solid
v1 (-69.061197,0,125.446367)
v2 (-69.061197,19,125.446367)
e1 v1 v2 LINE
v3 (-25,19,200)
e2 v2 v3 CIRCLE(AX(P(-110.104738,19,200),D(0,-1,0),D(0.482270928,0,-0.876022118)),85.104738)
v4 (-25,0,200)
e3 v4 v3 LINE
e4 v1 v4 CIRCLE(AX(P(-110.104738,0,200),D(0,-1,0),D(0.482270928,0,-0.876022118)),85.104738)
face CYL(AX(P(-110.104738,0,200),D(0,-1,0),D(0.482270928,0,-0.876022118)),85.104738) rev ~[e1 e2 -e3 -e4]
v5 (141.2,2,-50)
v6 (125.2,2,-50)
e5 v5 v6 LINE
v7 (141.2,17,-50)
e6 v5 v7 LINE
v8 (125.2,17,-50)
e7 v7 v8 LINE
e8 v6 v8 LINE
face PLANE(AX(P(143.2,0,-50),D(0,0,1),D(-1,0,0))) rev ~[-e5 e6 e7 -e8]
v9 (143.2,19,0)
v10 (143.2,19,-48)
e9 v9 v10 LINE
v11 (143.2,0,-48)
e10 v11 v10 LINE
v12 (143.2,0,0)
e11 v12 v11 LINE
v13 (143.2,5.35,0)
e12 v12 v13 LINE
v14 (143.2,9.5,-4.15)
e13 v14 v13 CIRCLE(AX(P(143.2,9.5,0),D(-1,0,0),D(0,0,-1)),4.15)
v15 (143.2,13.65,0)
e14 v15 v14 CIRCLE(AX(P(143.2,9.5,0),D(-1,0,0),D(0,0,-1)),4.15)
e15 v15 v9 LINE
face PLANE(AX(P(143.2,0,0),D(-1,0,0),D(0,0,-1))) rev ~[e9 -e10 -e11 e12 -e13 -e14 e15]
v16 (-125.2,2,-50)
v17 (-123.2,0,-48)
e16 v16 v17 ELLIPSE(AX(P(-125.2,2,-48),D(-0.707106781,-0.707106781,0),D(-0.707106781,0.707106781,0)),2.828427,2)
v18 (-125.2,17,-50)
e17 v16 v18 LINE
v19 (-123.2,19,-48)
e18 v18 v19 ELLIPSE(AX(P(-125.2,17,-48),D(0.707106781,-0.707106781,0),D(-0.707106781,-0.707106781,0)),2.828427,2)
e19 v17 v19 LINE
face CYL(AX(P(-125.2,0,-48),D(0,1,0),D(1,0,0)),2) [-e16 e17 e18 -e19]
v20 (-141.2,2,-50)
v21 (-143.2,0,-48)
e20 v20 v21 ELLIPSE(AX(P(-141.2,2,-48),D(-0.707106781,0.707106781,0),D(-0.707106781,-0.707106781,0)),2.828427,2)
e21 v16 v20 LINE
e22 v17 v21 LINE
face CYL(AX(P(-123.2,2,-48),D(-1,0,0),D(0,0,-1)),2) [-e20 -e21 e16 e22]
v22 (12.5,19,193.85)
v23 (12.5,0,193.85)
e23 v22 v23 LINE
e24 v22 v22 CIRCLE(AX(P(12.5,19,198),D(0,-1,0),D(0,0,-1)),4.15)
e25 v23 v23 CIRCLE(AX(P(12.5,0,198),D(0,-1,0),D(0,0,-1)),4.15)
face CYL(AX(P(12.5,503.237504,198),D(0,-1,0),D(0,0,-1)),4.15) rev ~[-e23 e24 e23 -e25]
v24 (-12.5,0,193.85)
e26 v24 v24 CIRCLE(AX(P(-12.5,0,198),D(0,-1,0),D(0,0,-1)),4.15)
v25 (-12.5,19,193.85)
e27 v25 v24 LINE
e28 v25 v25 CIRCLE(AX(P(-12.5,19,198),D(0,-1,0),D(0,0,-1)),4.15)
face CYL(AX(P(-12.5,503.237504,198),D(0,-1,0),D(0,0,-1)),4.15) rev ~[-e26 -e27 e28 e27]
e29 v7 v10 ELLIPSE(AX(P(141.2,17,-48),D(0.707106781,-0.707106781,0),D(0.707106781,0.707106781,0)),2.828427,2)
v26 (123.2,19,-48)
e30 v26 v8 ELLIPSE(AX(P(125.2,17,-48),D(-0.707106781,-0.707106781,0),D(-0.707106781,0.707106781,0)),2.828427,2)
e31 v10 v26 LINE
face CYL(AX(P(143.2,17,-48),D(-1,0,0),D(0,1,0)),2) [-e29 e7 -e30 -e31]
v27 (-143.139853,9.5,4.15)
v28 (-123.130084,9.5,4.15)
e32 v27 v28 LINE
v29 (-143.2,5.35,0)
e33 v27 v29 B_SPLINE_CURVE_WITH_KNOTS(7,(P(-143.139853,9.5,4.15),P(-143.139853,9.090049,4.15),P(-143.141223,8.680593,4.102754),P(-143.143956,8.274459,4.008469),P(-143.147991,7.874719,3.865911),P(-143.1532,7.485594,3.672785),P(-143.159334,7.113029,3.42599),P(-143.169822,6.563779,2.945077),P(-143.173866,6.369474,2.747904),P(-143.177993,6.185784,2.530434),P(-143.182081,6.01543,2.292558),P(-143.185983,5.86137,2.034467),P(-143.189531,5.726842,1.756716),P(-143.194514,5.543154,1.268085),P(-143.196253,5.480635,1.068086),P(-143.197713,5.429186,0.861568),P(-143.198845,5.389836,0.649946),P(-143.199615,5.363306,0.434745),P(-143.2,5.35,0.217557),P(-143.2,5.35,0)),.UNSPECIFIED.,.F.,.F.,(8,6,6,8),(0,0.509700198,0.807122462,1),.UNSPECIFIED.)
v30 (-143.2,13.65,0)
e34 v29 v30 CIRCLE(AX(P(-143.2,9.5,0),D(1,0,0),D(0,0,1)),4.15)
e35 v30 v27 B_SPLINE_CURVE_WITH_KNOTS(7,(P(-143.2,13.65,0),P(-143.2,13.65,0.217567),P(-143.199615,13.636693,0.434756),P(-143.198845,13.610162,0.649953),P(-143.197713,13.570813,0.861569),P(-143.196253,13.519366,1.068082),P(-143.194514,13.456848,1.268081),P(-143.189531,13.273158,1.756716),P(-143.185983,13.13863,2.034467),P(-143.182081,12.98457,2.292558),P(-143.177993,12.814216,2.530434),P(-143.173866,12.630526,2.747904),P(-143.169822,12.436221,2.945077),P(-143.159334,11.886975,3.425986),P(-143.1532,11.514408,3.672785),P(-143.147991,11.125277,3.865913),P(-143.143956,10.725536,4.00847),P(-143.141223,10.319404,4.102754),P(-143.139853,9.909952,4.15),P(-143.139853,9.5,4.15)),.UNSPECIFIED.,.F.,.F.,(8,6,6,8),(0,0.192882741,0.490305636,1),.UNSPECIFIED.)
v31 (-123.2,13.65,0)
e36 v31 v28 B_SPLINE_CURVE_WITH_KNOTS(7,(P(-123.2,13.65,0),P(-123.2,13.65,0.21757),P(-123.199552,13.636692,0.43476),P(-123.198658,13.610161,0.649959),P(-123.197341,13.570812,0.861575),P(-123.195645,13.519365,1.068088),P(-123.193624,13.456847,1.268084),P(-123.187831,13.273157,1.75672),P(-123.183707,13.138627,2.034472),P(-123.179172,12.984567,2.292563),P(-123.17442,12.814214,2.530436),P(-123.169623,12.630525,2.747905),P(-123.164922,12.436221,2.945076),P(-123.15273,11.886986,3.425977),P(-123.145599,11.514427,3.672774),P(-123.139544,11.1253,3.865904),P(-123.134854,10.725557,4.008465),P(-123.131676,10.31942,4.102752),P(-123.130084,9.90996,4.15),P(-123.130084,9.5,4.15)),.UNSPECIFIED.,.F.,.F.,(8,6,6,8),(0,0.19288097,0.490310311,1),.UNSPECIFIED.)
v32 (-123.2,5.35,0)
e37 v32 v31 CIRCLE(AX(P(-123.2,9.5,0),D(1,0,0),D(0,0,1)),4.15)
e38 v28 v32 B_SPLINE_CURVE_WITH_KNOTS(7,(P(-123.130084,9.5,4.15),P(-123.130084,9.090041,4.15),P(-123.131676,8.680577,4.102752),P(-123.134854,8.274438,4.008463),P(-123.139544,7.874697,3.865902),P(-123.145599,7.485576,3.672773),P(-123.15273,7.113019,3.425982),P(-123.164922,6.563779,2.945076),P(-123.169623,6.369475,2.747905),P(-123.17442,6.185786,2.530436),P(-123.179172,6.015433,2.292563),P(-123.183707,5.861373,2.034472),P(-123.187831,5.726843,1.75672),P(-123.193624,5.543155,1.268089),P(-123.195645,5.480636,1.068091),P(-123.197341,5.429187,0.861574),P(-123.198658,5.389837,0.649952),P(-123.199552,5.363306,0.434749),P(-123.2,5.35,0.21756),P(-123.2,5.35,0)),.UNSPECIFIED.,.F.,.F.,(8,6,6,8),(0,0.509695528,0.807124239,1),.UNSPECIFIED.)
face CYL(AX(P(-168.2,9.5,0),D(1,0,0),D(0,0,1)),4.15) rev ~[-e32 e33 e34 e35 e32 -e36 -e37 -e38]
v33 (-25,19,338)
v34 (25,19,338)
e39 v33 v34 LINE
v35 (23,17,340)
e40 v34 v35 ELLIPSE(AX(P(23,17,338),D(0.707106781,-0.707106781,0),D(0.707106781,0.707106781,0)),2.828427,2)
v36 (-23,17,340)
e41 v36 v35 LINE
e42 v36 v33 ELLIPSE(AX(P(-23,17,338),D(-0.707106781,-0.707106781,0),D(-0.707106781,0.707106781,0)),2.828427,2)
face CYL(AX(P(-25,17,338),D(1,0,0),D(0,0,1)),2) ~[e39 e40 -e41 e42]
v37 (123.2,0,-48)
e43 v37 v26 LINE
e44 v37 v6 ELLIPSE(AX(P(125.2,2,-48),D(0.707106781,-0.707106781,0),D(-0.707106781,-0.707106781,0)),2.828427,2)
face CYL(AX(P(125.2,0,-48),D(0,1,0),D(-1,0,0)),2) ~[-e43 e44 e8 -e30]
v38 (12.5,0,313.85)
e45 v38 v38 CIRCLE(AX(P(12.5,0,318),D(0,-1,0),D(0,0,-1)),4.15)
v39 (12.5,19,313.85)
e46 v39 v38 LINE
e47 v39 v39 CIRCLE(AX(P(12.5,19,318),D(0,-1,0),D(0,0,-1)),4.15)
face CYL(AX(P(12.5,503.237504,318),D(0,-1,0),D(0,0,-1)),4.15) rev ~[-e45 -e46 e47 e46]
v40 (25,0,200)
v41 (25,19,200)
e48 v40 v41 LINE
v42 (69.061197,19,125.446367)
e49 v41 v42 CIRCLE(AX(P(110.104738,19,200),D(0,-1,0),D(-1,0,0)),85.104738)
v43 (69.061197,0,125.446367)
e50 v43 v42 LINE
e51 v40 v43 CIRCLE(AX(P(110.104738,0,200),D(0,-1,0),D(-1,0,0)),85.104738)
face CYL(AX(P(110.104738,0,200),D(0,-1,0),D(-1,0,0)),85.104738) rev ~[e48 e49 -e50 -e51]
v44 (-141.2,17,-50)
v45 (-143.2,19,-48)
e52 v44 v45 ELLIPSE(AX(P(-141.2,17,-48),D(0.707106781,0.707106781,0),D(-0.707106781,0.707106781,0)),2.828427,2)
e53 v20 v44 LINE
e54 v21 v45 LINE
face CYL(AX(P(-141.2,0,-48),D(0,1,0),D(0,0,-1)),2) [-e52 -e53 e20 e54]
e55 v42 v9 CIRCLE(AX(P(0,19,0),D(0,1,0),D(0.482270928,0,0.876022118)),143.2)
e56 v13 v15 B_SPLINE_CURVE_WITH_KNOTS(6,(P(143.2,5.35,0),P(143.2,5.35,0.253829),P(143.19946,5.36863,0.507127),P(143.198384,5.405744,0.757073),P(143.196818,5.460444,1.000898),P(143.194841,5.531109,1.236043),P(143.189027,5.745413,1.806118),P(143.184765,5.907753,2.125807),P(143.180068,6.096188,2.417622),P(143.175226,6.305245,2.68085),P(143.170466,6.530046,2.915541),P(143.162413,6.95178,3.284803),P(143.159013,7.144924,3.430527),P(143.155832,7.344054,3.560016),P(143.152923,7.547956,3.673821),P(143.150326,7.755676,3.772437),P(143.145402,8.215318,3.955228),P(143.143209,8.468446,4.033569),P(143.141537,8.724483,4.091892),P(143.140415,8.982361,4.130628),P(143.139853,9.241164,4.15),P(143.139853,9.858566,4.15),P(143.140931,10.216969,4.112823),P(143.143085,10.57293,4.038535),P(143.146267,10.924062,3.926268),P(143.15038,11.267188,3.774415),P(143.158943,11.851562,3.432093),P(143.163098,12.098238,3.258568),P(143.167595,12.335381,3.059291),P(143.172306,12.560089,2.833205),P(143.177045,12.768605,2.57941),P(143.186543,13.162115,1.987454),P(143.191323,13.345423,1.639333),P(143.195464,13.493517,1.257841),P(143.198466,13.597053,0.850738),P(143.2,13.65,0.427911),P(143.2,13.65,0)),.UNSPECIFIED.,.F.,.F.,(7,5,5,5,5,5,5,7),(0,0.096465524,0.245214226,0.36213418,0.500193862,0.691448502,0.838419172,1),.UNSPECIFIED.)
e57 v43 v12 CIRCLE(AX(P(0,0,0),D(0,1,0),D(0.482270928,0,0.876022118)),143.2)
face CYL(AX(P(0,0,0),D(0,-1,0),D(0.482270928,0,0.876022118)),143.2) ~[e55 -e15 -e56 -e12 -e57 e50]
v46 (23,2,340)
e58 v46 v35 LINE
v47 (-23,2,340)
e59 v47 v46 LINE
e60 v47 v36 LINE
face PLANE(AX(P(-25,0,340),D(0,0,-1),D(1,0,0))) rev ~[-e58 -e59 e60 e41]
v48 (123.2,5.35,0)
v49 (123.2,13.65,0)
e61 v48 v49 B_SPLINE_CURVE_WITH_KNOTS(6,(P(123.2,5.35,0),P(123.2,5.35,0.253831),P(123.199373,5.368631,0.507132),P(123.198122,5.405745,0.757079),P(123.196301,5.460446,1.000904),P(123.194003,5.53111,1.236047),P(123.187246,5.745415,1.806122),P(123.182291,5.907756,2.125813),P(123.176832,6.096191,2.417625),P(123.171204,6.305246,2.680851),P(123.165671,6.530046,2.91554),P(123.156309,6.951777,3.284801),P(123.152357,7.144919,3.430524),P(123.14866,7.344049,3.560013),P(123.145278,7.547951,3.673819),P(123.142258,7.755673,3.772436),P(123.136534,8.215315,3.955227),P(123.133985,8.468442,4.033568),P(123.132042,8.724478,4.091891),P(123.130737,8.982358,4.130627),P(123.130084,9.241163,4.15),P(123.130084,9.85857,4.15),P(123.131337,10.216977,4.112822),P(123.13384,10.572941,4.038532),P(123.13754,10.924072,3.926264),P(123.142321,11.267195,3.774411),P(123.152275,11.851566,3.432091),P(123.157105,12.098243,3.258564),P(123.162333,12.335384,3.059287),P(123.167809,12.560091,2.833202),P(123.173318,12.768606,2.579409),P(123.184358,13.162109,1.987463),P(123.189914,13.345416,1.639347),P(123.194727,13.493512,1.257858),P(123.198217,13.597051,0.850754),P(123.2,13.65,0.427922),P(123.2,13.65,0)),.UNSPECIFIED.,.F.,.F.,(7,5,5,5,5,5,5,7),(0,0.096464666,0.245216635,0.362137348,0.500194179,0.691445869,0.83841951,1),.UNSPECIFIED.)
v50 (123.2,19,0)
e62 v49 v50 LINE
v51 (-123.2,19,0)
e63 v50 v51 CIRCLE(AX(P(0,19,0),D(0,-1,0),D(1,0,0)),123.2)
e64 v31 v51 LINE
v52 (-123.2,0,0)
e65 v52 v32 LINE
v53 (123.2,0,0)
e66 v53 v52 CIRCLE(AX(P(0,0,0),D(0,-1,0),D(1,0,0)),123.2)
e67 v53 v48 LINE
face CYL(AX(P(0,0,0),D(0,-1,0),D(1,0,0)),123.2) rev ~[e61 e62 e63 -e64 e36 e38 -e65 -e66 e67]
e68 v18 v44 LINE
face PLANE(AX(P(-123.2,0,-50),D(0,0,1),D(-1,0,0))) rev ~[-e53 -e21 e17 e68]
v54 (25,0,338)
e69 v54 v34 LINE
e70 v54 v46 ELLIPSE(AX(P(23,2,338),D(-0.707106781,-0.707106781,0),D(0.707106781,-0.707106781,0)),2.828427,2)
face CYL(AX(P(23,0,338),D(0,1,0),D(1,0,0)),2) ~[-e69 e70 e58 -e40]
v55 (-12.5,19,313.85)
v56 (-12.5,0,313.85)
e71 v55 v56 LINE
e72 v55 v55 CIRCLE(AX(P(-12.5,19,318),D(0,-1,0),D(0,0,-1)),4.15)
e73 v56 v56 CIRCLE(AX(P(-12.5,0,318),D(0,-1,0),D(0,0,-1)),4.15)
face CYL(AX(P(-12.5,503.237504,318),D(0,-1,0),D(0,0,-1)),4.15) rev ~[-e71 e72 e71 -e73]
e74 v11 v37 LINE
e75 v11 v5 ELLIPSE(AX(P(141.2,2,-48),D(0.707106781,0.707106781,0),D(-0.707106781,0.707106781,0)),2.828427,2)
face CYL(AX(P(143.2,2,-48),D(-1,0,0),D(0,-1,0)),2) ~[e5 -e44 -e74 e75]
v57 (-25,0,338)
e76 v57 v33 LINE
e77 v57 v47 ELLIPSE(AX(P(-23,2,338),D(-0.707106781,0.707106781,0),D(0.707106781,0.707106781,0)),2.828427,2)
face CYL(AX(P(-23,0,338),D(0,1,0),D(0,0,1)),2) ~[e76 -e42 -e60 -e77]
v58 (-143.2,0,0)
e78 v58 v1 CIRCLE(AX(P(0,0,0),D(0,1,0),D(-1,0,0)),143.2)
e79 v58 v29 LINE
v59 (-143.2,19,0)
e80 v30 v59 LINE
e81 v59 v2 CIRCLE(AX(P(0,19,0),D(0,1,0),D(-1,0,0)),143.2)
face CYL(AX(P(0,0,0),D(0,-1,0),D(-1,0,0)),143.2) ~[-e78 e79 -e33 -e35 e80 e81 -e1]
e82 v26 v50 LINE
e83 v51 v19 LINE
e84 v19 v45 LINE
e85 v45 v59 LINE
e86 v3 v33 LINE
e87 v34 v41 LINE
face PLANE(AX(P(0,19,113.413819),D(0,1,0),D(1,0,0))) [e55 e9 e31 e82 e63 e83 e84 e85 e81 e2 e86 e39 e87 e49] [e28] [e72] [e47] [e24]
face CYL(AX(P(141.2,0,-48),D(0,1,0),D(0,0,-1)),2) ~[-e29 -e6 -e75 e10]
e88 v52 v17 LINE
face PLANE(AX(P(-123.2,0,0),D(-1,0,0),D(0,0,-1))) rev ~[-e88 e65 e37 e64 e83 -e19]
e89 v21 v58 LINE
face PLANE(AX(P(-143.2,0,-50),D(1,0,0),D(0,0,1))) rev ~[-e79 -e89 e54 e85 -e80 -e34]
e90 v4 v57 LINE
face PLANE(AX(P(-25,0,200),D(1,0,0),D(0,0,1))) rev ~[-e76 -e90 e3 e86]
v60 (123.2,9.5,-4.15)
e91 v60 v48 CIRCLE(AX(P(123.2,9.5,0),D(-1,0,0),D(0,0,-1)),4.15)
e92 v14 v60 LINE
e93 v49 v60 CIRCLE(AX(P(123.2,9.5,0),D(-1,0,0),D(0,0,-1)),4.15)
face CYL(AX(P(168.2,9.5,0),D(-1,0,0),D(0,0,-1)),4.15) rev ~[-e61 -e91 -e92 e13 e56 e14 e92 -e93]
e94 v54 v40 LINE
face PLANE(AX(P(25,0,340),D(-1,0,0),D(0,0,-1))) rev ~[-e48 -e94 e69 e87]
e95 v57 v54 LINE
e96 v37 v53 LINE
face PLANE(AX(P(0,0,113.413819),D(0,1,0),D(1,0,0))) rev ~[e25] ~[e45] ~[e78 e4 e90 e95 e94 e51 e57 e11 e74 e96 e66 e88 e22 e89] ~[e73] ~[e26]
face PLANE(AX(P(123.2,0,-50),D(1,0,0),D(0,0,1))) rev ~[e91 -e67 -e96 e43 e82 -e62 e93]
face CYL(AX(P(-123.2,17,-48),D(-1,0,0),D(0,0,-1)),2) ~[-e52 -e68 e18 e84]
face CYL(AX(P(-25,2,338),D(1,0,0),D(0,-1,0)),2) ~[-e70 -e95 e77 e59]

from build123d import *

# Parameters (mm, degrees)
RESSALTO_EXTRUS_O1_DEPTH                       = 19
FILETE2_R                                      = 2
FILETE3_R                                      = 2
FILETE4_R                                      = 2
FURO_ROSCADO_PARA_CONDU_TE_DE_M8X1_252_D       = 8.3
FURO_ROSCADO_PARA_CONDU_TE_DE_M8X1_251_D       = 8.3
FURO_ROSCADO_PARA_CONDU_TE_DE_M8X1_251_DEPTH   = 25
FURO_ROSCADO_PARA_CONDU_TE_DE_M8X1_251_TIP     = 2.493571569
FURO_ROSCADO_PARA_CONDU_TE_DE_M8X1_251_O_D     = 8.3
FURO_ROSCADO_PARA_CONDU_TE_DE_M8X1_251_O_DEPTH = 25
FURO_ROSCADO_PARA_CONDU_TE_DE_M8X1_251_O_TIP   = 2.493571569


with BuildPart() as part:
    # Esboço2 → Ressalto-extrusão1 (new body)
    with BuildSketch(Plane(origin=(0, 0, 0), x_dir=(1, 0, 0), z_dir=(0, 1, 0))):
        with BuildLine():
            Line((-25, -200), (-25, -340))
            Line((-25, -340), (25, -340))
            Line((25, -340), (25, -200))
            ThreePointArc((25, -200), (36.838728685, -156.699788653), (69.061196889, -125.446367362))
            ThreePointArc((69.061196889, -125.446367362), (123.279770024, -72.858344084), (143.2, 0))
            Line((143.2, 0), (143.2, 50))
            Line((143.2, 50), (123.2, 50))
            Line((123.2, 50), (123.2, 0))
            ThreePointArc((123.2, 0), (0, -123.2), (-123.2, 0))
            Line((-123.2, 0), (-123.2, 50))
            Line((-123.2, 50), (-143.2, 50))
            Line((-143.2, 50), (-143.2, 0))
            ThreePointArc((-143.2, 0), (-123.279770024, -72.858344084), (-69.061196889, -125.446367362))
            ThreePointArc((-69.061196889, -125.446367362), (-36.838728685, -156.699788653), (-25, -200))
        make_face()
    extrude(amount=RESSALTO_EXTRUS_O1_DEPTH)

    # Filete2
    filete2_edges = [part.edges().sort_by_distance(p)[0] for p in [
        (-133.2, 19, -50),
        (-133.2, 0, -50),
        (-143.2, 9.5, -50),
        (-123.2, 9.5, -50),
    ]]
    fillet(filete2_edges, radius=FILETE2_R)

    # Filete3
    filete3_edges = [part.edges().sort_by_distance(p)[0] for p in [
        (133.2, 0, -50),
        (123.2, 9.5, -50),
        (143.2, 9.5, -50),
        (133.2, 19, -50),
    ]]
    fillet(filete3_edges, radius=FILETE3_R)

    # Filete4
    filete4_edges = [part.edges().sort_by_distance(p)[0] for p in [
        (0, 0, 340),
        (25, 9.5, 340),
        (-25, 9.5, 340),
        (0, 19, 340),
    ]]
    fillet(filete4_edges, radius=FILETE4_R)

    # Furo roscado para conduíte de M8x1.252 (through all)
    with Locations(Plane(origin=(-12.5, 19, 318), x_dir=(0, 0, 1), z_dir=(0, 1, 0))):
        with Locations((0, 0), (0, 25), (-120, 25), (-120, 0)):
            Hole(FURO_ROSCADO_PARA_CONDU_TE_DE_M8X1_252_D / 2)

    # Furo roscado para conduíte de M8x1.251
    with Locations(Plane(origin=(143.2, 9.5, 0), x_dir=(0, 0, 1), z_dir=(1, 0, 0))):
        with Locations((0, 0)):
            Hole(FURO_ROSCADO_PARA_CONDU_TE_DE_M8X1_251_D / 2, depth=FURO_ROSCADO_PARA_CONDU_TE_DE_M8X1_251_DEPTH)
            with Locations((0, 0, -(FURO_ROSCADO_PARA_CONDU_TE_DE_M8X1_251_DEPTH + FURO_ROSCADO_PARA_CONDU_TE_DE_M8X1_251_TIP / 2))):  # 118° drill point
                Cone(0, FURO_ROSCADO_PARA_CONDU_TE_DE_M8X1_251_D / 2, FURO_ROSCADO_PARA_CONDU_TE_DE_M8X1_251_TIP, mode=Mode.SUBTRACT)

    # Furo roscado para conduíte de M8x1.251 o
    with Locations(Plane(origin=(-143.2, 9.5, 0), x_dir=(0, 0, -1), z_dir=(-1, 0, 0))):
        with Locations((0, 0)):
            Hole(FURO_ROSCADO_PARA_CONDU_TE_DE_M8X1_251_O_D / 2, depth=FURO_ROSCADO_PARA_CONDU_TE_DE_M8X1_251_O_DEPTH)
            with Locations((0, 0, -(FURO_ROSCADO_PARA_CONDU_TE_DE_M8X1_251_O_DEPTH + FURO_ROSCADO_PARA_CONDU_TE_DE_M8X1_251_O_TIP / 2))):  # 118° drill point
                Cone(0, FURO_ROSCADO_PARA_CONDU_TE_DE_M8X1_251_O_D / 2, FURO_ROSCADO_PARA_CONDU_TE_DE_M8X1_251_O_TIP, mode=Mode.SUBTRACT)


solid = part.part
